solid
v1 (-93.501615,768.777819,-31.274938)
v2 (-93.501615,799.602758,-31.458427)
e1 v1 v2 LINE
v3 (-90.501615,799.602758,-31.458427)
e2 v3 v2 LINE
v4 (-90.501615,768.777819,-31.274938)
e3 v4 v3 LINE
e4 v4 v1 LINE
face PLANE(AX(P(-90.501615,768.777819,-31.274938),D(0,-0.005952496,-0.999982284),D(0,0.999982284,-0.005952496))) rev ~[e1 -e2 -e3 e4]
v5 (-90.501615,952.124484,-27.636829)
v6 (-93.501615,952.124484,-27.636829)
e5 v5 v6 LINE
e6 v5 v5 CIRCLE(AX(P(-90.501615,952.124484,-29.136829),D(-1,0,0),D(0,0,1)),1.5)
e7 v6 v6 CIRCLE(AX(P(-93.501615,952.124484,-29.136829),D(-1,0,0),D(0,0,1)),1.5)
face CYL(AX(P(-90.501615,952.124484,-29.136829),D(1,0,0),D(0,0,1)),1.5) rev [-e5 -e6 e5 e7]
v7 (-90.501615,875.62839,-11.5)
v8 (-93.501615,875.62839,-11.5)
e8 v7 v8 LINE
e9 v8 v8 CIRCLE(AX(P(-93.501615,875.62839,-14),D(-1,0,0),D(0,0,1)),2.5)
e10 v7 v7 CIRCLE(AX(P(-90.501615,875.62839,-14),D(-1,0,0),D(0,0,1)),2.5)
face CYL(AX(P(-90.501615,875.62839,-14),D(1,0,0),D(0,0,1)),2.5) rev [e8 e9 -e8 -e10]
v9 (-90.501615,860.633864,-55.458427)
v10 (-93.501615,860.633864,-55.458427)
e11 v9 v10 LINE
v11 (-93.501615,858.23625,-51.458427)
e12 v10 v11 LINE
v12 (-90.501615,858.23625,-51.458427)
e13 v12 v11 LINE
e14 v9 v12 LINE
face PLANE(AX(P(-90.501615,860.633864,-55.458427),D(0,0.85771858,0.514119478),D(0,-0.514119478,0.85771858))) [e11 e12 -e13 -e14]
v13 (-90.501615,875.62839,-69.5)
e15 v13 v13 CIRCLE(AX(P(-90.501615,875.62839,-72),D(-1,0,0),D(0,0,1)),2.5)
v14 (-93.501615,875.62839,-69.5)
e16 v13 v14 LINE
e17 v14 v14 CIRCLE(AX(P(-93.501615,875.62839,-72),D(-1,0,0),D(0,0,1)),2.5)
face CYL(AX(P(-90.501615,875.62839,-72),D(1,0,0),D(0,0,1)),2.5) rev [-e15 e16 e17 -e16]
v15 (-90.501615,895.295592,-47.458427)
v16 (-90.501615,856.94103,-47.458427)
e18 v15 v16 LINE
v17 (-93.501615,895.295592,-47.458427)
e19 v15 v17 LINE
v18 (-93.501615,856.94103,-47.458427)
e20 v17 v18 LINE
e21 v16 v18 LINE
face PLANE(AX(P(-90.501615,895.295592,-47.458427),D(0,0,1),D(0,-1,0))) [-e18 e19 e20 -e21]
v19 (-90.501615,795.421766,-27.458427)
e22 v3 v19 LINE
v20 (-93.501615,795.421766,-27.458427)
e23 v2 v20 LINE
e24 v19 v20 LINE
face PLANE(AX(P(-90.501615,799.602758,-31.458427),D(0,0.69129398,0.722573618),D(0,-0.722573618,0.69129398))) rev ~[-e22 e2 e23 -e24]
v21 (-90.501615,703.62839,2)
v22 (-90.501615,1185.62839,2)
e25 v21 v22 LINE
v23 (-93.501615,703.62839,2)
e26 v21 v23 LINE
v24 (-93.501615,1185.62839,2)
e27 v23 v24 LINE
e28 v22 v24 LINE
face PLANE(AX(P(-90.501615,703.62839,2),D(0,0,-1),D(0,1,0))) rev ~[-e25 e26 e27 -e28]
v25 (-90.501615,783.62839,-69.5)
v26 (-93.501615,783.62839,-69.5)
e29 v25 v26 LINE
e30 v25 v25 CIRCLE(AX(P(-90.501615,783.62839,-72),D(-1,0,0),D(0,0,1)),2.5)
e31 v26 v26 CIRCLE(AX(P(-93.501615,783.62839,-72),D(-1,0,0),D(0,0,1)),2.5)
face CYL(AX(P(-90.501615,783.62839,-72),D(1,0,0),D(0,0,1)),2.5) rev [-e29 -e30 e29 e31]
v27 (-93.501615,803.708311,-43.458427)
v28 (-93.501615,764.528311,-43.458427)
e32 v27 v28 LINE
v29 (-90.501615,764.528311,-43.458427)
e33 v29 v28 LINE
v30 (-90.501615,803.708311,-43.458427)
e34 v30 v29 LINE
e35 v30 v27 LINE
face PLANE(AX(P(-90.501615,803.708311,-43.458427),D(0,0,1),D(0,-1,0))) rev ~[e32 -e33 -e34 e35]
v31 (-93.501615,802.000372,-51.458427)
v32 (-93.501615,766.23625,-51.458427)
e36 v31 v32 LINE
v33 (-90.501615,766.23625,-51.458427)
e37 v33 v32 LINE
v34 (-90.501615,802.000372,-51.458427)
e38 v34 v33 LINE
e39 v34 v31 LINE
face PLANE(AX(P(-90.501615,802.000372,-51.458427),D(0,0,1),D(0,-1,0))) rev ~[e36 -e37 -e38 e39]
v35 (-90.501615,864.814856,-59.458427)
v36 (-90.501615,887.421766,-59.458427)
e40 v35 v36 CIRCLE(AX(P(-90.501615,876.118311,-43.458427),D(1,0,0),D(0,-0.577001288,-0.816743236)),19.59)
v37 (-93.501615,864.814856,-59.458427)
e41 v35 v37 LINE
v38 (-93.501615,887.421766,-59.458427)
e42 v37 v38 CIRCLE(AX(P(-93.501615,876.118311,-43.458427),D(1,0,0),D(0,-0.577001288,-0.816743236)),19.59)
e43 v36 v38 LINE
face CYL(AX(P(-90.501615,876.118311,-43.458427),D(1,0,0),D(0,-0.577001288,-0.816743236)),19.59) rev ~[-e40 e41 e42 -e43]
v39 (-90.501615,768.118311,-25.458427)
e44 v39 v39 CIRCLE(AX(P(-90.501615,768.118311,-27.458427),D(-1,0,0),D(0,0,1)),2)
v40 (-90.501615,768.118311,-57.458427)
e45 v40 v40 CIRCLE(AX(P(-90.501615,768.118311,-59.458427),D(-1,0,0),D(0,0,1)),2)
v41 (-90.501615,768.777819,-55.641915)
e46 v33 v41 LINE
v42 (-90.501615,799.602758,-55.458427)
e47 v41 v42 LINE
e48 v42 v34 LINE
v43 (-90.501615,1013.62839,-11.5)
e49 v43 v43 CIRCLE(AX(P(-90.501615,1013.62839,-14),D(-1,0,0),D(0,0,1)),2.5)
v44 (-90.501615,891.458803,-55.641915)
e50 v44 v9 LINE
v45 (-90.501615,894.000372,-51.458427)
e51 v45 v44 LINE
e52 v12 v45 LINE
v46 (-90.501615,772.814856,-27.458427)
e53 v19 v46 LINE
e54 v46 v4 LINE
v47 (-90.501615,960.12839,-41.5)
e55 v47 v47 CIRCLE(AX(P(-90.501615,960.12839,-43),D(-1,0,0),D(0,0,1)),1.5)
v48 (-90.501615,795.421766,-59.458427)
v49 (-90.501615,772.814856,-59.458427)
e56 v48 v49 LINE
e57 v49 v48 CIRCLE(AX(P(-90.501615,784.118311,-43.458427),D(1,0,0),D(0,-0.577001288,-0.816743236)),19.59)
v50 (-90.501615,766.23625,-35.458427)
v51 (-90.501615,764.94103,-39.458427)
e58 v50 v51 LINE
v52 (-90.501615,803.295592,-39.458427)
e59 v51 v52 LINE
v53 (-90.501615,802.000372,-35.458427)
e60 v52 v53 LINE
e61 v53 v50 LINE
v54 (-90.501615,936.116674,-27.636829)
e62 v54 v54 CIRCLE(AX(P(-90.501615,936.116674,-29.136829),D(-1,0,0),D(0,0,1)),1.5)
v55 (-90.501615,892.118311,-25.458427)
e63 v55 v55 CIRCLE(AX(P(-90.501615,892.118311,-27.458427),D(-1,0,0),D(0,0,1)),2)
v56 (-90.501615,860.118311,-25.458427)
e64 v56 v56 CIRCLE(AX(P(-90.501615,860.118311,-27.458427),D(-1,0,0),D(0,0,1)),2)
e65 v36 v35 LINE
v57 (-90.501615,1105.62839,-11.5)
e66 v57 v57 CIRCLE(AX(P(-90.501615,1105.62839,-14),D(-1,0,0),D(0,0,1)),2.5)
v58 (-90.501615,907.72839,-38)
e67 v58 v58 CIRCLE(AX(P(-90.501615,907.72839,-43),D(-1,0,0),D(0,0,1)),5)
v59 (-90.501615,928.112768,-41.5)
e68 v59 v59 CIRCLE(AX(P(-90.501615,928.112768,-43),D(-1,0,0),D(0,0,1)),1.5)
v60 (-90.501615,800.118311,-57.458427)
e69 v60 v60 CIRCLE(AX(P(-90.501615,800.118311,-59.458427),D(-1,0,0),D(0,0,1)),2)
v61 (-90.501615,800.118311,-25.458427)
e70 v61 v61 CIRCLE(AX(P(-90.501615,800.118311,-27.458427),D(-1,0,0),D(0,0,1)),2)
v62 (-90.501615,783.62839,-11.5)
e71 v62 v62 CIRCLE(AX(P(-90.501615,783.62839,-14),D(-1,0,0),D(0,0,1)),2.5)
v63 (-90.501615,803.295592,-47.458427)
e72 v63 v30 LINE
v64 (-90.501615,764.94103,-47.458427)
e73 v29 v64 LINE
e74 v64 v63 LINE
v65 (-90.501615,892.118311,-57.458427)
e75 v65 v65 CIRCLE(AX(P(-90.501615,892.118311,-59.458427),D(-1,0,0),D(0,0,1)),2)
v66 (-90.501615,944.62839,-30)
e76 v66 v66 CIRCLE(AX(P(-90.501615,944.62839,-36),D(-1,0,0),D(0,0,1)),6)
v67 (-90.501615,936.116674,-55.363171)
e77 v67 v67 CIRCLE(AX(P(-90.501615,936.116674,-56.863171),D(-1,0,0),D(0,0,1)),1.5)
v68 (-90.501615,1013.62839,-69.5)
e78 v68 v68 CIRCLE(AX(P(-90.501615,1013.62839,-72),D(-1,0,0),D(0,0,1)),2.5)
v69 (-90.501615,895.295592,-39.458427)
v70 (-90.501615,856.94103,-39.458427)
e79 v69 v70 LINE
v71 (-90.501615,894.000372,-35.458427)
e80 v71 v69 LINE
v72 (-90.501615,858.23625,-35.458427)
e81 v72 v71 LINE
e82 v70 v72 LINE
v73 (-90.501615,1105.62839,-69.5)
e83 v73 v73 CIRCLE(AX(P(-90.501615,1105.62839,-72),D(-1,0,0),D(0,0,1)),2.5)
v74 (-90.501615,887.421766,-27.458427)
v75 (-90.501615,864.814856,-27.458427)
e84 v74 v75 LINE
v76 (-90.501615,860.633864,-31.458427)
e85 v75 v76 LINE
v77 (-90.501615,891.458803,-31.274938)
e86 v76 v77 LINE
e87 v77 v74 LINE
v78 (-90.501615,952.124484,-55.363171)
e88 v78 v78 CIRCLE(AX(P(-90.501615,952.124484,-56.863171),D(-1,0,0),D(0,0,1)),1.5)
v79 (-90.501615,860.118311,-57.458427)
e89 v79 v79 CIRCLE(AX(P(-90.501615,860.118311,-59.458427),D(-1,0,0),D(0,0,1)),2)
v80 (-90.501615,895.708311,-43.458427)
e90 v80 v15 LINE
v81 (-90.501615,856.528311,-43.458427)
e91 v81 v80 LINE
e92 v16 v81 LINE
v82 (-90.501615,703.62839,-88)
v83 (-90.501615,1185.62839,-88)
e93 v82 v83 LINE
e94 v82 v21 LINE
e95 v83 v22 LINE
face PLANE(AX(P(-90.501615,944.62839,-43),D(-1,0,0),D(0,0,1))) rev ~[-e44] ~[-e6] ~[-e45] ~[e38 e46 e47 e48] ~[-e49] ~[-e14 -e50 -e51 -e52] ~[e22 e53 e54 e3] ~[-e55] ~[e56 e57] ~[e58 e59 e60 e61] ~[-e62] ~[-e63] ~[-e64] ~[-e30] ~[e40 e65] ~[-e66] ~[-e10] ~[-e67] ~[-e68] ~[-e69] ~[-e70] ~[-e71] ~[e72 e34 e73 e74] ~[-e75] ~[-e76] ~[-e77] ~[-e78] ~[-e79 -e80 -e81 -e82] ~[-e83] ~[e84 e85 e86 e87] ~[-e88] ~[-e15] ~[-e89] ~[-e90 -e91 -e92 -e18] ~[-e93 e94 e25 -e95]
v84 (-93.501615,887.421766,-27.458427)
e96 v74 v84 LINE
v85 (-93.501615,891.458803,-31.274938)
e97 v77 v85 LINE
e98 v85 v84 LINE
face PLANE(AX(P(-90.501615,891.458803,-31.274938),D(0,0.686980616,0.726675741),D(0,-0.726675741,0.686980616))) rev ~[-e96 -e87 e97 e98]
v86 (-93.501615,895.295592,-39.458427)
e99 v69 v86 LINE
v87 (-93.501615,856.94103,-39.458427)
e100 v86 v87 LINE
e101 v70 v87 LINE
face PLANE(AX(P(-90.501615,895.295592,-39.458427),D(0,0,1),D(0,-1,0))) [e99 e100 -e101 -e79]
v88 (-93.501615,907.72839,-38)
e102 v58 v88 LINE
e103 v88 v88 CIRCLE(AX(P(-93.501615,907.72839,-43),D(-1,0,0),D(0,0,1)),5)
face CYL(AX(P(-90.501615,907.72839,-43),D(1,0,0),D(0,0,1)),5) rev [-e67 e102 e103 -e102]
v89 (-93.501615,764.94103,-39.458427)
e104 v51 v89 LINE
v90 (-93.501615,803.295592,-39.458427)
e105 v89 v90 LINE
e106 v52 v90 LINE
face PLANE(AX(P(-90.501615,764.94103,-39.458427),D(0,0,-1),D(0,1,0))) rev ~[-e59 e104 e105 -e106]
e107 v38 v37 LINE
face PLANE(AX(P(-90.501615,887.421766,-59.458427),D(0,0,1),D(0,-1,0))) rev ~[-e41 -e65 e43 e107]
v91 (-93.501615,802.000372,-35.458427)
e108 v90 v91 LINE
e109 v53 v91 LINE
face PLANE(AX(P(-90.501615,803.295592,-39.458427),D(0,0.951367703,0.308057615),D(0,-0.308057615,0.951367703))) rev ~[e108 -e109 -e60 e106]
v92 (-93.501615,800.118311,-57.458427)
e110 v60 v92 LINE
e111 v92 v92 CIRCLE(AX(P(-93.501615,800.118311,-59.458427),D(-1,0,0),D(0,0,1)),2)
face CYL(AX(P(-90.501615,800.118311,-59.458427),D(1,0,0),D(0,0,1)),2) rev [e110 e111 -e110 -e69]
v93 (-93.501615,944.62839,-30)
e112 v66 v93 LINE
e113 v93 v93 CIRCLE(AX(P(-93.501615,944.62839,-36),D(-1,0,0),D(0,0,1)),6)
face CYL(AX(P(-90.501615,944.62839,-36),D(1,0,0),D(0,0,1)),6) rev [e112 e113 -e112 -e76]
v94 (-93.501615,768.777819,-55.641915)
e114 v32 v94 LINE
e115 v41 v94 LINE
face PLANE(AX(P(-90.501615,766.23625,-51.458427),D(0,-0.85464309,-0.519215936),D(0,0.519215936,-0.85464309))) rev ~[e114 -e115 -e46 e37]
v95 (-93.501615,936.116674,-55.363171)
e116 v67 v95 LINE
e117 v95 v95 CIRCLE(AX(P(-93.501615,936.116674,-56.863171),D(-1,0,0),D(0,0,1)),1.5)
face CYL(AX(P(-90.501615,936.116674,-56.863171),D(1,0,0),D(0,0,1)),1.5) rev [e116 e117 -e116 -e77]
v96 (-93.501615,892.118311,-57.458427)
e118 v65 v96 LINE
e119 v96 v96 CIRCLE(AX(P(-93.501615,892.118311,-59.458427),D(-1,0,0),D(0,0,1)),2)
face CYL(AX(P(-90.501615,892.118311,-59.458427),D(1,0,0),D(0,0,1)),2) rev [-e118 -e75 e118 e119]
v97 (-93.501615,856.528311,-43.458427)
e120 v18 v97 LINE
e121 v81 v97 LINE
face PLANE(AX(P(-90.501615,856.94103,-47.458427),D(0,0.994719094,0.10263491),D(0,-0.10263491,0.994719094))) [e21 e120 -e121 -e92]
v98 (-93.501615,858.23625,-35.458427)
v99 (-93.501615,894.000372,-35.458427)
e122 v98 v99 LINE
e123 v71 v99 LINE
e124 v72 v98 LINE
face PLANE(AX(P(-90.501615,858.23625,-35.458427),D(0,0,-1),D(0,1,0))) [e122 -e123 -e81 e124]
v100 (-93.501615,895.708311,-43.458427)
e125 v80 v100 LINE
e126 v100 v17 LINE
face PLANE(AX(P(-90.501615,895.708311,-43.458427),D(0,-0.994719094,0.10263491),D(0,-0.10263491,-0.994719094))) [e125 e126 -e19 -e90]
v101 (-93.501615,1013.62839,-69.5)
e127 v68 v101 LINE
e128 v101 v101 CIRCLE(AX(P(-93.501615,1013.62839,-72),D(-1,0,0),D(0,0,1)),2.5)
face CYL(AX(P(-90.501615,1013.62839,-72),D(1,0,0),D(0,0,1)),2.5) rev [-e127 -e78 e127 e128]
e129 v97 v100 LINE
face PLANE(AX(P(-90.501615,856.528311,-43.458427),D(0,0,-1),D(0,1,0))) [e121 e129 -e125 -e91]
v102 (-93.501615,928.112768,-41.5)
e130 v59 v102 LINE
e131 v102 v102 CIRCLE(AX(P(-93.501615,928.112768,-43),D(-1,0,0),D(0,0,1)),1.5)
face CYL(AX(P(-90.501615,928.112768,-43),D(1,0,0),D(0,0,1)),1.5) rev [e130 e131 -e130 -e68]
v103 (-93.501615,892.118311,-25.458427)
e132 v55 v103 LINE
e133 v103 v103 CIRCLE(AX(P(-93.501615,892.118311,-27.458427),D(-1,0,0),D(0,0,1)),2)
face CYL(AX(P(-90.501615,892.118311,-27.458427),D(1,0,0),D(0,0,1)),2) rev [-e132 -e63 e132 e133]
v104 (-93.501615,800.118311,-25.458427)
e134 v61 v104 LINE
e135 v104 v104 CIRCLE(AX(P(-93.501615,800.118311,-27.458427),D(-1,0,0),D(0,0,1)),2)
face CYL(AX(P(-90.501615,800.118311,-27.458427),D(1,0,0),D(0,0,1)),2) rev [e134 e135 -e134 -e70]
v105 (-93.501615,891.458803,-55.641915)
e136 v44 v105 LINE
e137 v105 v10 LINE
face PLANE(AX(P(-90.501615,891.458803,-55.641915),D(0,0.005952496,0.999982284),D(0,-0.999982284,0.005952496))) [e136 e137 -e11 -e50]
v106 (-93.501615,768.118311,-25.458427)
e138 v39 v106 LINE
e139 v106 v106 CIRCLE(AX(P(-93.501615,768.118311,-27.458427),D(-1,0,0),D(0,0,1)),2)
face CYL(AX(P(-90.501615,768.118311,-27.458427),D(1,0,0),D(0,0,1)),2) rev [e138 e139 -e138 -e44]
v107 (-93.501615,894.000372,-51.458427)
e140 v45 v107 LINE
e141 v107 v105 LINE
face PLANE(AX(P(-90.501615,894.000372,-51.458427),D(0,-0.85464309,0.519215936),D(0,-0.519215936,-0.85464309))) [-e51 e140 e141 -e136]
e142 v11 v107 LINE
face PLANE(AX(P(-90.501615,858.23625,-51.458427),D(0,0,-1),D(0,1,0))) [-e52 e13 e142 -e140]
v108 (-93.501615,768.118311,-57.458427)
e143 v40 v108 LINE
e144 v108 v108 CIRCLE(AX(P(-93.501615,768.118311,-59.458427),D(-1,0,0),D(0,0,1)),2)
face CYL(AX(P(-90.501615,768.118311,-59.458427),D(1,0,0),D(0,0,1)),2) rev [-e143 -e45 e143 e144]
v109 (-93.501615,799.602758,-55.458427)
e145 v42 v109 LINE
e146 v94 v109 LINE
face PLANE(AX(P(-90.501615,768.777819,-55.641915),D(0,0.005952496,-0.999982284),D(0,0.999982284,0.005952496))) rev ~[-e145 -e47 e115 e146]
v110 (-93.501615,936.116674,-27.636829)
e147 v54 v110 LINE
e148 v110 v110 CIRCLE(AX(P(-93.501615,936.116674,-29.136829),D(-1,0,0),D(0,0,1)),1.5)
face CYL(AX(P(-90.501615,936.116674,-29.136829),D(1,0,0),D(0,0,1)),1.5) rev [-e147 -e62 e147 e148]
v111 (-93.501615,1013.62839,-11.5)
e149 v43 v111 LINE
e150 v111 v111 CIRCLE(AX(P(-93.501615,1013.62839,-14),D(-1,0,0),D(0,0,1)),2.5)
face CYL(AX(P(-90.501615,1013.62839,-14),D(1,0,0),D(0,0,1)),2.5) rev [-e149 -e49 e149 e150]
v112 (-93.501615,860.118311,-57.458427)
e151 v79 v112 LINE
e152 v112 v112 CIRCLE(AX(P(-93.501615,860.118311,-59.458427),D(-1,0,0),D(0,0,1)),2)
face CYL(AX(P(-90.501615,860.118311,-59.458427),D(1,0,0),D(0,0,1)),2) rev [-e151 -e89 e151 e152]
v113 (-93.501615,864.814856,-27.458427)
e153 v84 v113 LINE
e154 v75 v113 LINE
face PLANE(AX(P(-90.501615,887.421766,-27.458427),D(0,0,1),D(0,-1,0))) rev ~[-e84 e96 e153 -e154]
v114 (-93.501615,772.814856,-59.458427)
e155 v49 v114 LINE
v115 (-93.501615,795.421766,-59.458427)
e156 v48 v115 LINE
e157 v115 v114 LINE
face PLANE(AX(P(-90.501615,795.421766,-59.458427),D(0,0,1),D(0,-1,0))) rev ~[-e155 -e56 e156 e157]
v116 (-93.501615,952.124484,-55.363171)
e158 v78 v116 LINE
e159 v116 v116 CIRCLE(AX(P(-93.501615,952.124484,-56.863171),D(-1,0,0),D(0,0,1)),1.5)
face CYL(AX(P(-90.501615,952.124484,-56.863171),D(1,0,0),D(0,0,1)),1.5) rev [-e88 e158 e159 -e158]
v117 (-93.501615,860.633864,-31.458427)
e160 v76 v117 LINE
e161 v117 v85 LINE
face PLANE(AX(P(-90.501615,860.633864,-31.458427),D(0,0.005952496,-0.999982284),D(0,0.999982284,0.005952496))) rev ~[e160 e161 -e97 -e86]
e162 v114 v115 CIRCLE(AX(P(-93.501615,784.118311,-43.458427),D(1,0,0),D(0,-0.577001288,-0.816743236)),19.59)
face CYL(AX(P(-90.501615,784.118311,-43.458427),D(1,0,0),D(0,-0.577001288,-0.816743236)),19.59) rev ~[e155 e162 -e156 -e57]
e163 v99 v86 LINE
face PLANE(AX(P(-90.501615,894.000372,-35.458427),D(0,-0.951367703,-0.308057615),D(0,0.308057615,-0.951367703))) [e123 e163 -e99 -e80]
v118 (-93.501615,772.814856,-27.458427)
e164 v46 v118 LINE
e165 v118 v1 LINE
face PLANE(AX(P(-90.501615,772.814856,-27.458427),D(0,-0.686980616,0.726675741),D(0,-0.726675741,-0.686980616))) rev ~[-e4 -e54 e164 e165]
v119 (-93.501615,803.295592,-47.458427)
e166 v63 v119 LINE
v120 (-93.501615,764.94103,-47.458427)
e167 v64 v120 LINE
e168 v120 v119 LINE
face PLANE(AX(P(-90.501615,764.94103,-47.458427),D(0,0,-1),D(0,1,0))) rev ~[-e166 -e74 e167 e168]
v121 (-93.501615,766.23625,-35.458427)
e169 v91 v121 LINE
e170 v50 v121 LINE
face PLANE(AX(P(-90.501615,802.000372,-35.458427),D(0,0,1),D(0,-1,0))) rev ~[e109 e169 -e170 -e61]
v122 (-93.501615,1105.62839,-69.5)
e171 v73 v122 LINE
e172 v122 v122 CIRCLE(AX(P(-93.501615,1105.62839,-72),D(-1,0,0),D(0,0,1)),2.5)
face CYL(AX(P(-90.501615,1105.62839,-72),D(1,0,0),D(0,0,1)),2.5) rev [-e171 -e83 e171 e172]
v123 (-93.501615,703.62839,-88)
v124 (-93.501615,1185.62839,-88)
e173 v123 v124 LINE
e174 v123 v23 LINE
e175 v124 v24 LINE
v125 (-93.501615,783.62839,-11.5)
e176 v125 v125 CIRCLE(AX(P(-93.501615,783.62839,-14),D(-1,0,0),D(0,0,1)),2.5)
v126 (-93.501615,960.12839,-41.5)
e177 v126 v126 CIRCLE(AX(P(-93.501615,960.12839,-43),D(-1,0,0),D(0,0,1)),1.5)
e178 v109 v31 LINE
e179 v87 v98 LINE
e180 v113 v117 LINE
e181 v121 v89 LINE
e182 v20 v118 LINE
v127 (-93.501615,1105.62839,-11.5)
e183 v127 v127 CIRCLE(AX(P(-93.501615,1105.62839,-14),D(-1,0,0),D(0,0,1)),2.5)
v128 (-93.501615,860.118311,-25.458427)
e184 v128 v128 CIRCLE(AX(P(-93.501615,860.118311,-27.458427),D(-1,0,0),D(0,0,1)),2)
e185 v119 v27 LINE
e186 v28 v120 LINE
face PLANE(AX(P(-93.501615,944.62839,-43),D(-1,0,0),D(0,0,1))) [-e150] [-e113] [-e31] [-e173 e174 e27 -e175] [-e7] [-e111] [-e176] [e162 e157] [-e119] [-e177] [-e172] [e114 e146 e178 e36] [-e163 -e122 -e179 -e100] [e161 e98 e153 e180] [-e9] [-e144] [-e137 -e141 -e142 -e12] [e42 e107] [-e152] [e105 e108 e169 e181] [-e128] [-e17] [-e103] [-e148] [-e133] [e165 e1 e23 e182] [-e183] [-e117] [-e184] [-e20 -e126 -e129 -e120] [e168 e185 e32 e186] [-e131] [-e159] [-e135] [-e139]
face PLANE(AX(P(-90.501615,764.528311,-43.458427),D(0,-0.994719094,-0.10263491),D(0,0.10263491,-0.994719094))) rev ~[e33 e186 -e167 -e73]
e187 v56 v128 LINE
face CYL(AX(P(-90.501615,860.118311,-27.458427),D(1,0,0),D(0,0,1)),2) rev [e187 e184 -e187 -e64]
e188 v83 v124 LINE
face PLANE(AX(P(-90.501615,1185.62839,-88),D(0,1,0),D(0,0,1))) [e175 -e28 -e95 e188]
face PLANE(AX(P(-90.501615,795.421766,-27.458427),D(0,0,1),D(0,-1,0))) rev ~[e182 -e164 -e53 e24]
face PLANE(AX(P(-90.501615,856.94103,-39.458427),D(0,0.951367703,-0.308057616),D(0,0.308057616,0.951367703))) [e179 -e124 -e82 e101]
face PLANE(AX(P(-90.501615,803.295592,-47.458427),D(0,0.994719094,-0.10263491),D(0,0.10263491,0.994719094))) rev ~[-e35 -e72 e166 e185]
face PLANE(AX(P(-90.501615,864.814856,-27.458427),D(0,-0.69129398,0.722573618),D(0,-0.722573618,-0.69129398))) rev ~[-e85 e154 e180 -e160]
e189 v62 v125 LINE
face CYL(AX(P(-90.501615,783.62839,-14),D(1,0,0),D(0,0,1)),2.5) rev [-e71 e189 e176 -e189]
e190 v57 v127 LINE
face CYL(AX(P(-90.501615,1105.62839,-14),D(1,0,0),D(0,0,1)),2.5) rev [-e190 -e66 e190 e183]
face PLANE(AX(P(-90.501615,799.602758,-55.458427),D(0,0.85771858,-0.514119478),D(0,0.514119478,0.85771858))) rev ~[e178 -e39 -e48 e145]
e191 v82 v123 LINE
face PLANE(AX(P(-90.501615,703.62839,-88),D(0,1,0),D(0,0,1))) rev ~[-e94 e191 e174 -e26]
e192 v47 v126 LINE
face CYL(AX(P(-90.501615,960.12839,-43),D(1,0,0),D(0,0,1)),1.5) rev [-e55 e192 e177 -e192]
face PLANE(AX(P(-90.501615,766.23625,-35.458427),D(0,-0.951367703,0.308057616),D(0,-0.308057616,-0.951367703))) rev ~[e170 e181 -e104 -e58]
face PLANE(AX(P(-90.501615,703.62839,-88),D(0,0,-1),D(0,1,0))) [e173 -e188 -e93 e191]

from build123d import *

# Parameters (mm, degrees)
CROQUIS3_W              = 90
CROQUIS3_H              = 482
CROQUIS3_R              = 2.5
CROQUIS3_R_2            = 6
CROQUIS3_R_3            = 1.5
CROQUIS3_R_4            = 5
CROQUIS3_R_5            = 2
SALIENTE_EXTRUIR1_DEPTH = 3


with BuildPart() as part:
    # Croquis3 → Saliente-Extruir1 (new body)
    with BuildSketch(Plane.ZY.offset(90.501614904)):
        with Locations((-43, 944.628389678)):
            Rectangle(CROQUIS3_W, CROQUIS3_H)
        with Locations((-72, 1105.628389678)):
            Circle(CROQUIS3_R, mode=Mode.SUBTRACT)
        with Locations((-14, 1105.628389678)):
            Circle(CROQUIS3_R, mode=Mode.SUBTRACT)
        with Locations((-72, 1013.628389678)):
            Circle(CROQUIS3_R, mode=Mode.SUBTRACT)
        with Locations((-14, 1013.628389678)):
            Circle(CROQUIS3_R, mode=Mode.SUBTRACT)
        with Locations((-36, 944.628389678)):
            Circle(CROQUIS3_R_2, mode=Mode.SUBTRACT)
        with Locations((-29.136829367, 936.116673787)):
            Circle(CROQUIS3_R_3, mode=Mode.SUBTRACT)
        with Locations((-43, 928.11276849)):
            Circle(CROQUIS3_R_3, mode=Mode.SUBTRACT)
        with Locations((-29.136829367, 952.124484381)):
            Circle(CROQUIS3_R_3, mode=Mode.SUBTRACT)
        with Locations((-43, 960.128389678)):
            Circle(CROQUIS3_R_3, mode=Mode.SUBTRACT)
        with Locations((-56.863170633, 952.124484381)):
            Circle(CROQUIS3_R_3, mode=Mode.SUBTRACT)
        with Locations((-56.863170633, 936.116673787)):
            Circle(CROQUIS3_R_3, mode=Mode.SUBTRACT)
        with Locations((-43, 907.728389678)):
            Circle(CROQUIS3_R_4, mode=Mode.SUBTRACT)
        with Locations((-14, 875.628389678)):
            Circle(CROQUIS3_R, mode=Mode.SUBTRACT)
        with Locations((-27.458426503, 860.118311041)):
            Circle(CROQUIS3_R_5, mode=Mode.SUBTRACT)
        with Locations((-27.458426503, 892.118311041)):
            Circle(CROQUIS3_R_5, mode=Mode.SUBTRACT)
        with Locations((-14, 783.628389678)):
            Circle(CROQUIS3_R, mode=Mode.SUBTRACT)
        with Locations((-27.458426503, 768.118311041)):
            Circle(CROQUIS3_R_5, mode=Mode.SUBTRACT)
        with Locations((-27.458426503, 800.118311041)):
            Circle(CROQUIS3_R_5, mode=Mode.SUBTRACT)
        with Locations((-59.458426503, 768.118311041)):
            Circle(CROQUIS3_R_5, mode=Mode.SUBTRACT)
        with Locations((-72, 783.628389678)):
            Circle(CROQUIS3_R, mode=Mode.SUBTRACT)
        with Locations((-59.458426503, 800.118311041)):
            Circle(CROQUIS3_R_5, mode=Mode.SUBTRACT)
        with Locations((-59.458426503, 860.118311041)):
            Circle(CROQUIS3_R_5, mode=Mode.SUBTRACT)
        with Locations((-72, 875.628389678)):
            Circle(CROQUIS3_R, mode=Mode.SUBTRACT)
        with Locations((-59.458426503, 892.118311041)):
            Circle(CROQUIS3_R_5, mode=Mode.SUBTRACT)
        with BuildLine():
            Line((-59.458426503, 887.421766265), (-59.458426503, 864.814855817))
            ThreePointArc((-59.458426503, 864.814855817), (-63.048426503, 876.118311041), (-59.458426503, 887.421766265))
        make_face(mode=Mode.SUBTRACT)
        Polygon((-55.641915092, 891.4588034), (-55.458426503, 860.633864006), (-51.458426503, 858.236250198), (-51.458426503, 894.000371885), align=None, mode=Mode.SUBTRACT)
        Polygon((-47.458426503, 895.29559187), (-47.458426503, 856.941030212), (-43.458426503, 856.528311041), (-43.458426503, 895.708311041), align=None, mode=Mode.SUBTRACT)
        Polygon((-39.458426503, 856.941030212), (-35.458426503, 858.236250198), (-35.458426503, 894.000371885), (-39.458426503, 895.29559187), align=None, mode=Mode.SUBTRACT)
        Polygon((-31.458426503, 860.633864006), (-31.274937914, 891.4588034), (-27.458426503, 887.421766265), (-27.458426503, 864.814855817), align=None, mode=Mode.SUBTRACT)
        Polygon((-27.458426503, 772.814855817), (-31.274937914, 768.777818683), (-31.458426503, 799.602758077), (-27.458426503, 795.421766265), align=None, mode=Mode.SUBTRACT)
        Polygon((-35.458426503, 766.236250198), (-39.458426503, 764.941030212), (-39.458426503, 803.29559187), (-35.458426503, 802.000371885), align=None, mode=Mode.SUBTRACT)
        Polygon((-43.458426503, 764.528311041), (-47.458426503, 764.941030212), (-47.458426503, 803.29559187), (-43.458426503, 803.708311041), align=None, mode=Mode.SUBTRACT)
        Polygon((-51.458426503, 766.236250198), (-55.641915092, 768.777818683), (-55.458426503, 799.602758077), (-51.458426503, 802.000371885), align=None, mode=Mode.SUBTRACT)
        with BuildLine():
            Line((-59.458426503, 795.421766265), (-59.458426503, 772.814855817))
            ThreePointArc((-59.458426503, 772.814855817), (-63.048426503, 784.118311041), (-59.458426503, 795.421766265))
        make_face(mode=Mode.SUBTRACT)
    extrude(amount=SALIENTE_EXTRUIR1_DEPTH)


solid = part.part
